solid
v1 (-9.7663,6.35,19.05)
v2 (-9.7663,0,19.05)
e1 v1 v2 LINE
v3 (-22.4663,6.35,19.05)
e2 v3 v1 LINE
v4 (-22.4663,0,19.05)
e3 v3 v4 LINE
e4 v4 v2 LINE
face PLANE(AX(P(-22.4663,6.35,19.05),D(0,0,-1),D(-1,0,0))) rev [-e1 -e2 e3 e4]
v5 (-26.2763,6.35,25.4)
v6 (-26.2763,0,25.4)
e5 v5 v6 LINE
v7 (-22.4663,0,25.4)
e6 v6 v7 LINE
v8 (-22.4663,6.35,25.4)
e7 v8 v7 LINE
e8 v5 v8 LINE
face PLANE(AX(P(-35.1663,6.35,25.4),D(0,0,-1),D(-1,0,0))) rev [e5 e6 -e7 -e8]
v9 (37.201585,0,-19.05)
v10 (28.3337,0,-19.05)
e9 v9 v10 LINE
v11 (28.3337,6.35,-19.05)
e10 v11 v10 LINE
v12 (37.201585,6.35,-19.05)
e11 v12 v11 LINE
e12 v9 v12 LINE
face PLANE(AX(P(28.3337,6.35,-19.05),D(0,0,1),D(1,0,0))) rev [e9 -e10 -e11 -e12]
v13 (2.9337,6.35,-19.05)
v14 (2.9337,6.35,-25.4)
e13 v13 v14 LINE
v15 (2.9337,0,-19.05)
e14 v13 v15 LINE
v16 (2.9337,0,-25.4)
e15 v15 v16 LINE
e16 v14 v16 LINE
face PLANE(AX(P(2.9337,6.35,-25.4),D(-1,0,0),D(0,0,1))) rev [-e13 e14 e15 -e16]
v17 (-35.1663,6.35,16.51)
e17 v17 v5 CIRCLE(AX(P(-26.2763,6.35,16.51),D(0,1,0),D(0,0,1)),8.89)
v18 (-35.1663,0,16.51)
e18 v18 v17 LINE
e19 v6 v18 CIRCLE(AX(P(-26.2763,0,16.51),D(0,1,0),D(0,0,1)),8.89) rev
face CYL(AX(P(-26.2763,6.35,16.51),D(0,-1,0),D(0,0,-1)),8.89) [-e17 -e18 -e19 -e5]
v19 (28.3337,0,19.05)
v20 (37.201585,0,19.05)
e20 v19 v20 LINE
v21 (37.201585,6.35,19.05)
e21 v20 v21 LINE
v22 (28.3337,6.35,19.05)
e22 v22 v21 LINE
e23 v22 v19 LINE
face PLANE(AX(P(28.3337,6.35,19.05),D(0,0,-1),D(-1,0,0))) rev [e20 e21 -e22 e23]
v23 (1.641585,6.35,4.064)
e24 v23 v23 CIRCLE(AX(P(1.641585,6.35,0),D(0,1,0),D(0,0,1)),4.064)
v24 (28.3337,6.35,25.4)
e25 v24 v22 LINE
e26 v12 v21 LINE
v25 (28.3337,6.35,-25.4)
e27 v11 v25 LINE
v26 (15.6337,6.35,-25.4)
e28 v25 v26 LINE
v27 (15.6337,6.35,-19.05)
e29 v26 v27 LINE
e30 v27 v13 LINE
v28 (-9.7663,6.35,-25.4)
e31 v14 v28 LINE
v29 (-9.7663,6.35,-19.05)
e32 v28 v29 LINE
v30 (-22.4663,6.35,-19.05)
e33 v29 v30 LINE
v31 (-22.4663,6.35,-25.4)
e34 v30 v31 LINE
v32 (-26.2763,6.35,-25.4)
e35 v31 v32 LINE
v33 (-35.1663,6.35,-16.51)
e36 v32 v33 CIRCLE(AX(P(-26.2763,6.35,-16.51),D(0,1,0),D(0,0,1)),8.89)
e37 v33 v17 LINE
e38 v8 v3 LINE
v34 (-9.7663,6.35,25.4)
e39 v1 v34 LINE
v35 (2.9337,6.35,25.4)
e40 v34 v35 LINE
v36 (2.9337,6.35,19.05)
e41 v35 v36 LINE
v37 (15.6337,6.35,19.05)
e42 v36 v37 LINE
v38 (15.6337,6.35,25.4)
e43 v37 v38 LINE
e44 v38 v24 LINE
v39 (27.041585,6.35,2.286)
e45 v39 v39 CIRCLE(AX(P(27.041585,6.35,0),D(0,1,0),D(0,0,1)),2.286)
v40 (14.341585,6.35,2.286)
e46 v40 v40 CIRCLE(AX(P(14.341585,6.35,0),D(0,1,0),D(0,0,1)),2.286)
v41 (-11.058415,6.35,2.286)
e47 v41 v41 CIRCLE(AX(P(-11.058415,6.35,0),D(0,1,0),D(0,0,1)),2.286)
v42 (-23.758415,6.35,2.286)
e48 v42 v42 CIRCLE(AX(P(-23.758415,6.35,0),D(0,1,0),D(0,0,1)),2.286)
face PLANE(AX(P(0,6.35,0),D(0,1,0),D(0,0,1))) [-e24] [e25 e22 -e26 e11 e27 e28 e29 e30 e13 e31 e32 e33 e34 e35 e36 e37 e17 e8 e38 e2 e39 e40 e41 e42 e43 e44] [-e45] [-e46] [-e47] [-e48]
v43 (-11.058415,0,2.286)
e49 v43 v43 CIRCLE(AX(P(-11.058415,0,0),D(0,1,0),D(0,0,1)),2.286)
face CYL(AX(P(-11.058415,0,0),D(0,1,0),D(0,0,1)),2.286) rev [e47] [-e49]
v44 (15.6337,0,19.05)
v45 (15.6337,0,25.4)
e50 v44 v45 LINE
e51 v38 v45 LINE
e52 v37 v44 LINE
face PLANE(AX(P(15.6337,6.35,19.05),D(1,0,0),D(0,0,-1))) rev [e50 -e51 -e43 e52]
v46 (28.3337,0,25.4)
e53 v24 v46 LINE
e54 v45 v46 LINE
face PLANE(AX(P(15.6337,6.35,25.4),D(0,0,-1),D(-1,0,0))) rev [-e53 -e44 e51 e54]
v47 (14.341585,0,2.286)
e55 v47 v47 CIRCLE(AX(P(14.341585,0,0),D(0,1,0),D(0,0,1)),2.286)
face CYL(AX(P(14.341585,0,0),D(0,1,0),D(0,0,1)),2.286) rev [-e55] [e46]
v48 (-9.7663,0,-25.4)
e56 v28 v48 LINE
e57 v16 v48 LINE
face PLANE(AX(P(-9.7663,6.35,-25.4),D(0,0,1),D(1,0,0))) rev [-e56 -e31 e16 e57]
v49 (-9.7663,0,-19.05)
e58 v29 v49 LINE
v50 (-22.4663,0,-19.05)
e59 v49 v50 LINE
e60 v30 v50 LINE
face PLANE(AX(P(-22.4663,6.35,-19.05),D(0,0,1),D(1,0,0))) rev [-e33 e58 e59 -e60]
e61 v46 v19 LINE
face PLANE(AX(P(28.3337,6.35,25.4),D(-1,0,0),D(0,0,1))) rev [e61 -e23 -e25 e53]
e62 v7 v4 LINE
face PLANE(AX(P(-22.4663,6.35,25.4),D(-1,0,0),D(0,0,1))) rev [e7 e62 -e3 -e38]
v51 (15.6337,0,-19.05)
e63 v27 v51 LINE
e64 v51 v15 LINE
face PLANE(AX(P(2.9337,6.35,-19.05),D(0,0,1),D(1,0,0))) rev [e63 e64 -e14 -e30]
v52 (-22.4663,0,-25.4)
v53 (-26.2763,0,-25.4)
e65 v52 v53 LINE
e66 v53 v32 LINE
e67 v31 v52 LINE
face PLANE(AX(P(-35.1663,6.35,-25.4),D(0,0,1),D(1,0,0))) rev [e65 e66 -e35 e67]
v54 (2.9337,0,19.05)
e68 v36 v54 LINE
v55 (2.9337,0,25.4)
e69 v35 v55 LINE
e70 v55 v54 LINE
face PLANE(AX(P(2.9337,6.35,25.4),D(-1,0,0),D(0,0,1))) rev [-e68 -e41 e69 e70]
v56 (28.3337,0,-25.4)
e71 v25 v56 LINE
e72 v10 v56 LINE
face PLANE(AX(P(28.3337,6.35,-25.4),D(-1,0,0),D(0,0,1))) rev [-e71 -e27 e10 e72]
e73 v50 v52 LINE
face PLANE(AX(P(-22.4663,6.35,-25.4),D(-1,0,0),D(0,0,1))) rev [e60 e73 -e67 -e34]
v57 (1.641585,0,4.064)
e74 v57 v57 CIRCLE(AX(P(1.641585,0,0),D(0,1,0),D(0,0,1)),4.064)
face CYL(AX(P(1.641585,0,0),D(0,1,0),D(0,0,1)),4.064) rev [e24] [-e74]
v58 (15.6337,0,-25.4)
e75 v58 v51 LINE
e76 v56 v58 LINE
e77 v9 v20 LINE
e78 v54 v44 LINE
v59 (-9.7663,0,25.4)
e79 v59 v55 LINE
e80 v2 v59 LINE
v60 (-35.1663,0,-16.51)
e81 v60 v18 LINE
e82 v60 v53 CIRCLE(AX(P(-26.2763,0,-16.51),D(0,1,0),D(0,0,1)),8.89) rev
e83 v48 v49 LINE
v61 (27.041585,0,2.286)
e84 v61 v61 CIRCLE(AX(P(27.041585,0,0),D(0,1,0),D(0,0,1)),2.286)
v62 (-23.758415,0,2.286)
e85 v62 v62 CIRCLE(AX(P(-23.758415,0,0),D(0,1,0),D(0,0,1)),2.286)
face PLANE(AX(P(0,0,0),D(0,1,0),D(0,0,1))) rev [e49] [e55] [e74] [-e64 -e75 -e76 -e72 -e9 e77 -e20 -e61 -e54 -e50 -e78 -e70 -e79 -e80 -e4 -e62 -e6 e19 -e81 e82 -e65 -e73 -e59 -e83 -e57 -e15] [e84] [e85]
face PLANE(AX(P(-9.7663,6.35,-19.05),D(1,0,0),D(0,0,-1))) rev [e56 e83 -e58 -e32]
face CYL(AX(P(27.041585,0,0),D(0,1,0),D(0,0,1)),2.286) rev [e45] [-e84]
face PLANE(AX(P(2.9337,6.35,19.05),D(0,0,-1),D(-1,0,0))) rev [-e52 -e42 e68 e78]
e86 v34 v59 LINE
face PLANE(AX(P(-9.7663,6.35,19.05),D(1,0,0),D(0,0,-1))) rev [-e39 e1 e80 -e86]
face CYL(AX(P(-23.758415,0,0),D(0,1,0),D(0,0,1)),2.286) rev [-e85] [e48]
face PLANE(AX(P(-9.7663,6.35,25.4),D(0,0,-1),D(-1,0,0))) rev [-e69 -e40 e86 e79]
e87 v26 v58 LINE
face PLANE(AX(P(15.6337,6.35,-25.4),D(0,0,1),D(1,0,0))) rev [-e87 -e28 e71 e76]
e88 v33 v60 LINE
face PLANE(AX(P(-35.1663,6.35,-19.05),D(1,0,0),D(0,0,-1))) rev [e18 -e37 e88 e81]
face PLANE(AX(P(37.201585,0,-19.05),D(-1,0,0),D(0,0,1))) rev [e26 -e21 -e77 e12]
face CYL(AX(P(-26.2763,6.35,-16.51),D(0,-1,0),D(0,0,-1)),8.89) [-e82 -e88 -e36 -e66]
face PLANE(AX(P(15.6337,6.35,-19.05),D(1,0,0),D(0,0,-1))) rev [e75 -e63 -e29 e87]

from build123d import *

# Parameters (mm, degrees)
MAIN_DEPTH             = 6.35
SKETCH3_R              = 4.064
SKETCH3_R_2            = 2.286
GEAR_MOUNT_HOLES_DEPTH = 51.497474194
SKETCH4_W              = 5.978415147
SKETCH4_H              = 38.1
SKETCH4_W_2            = 8.0137
CUT_EXTRUDE2_DEPTH     = 51.497474194
FILLET1_R              = 8.89


with BuildPart() as part:
    # Sketch1 → Main (new body)
    with BuildSketch(Plane(origin=(0, 0, 0), x_dir=(1, 0, 0), z_dir=(0, 1, 0))):
        Polygon((-43.18, 19.05), (-35.1663, 19.05), (-35.1663, 25.4), (-22.4663, 25.4), (-22.4663, 19.05), (-9.7663, 19.05), (-9.7663, 25.4), (2.9337, 25.4), (2.9337, 19.05), (15.6337, 19.05), (15.6337, 25.4), (28.3337, 25.4), (28.3337, 19.05), (43.18, 19.05), (43.18, -19.05), (28.3337, -19.05), (28.3337, -25.4), (15.6337, -25.4), (15.6337, -19.05), (2.9337, -19.05), (2.9337, -25.4), (-9.7663, -25.4), (-9.7663, -19.05), (-22.4663, -19.05), (-22.4663, -25.4), (-35.1663, -25.4), (-35.1663, -19.05), (-43.18, -19.05), align=None)
    extrude(amount=MAIN_DEPTH)

    # Sketch3 → Gear Mount Holes (cut, through all)
    with BuildSketch(Plane(origin=(0, 6.35, 0), x_dir=(1, 0, 0), z_dir=(0, 1, 0))):
        with Locations(Location((1.641584853, 0, 0), (0, 0, 270))):
            Circle(SKETCH3_R)
        with Locations(Location((14.341584853, 0, 0), (0, 0, 270))):
            Circle(SKETCH3_R_2)
        with Locations(Location((27.041584853, 0, 0), (0, 0, 270))):
            Circle(SKETCH3_R_2)
        with Locations(Location((-11.058415147, 0, 0), (0, 0, 270))):
            Circle(SKETCH3_R_2)
        with Locations(Location((-23.758415147, 0, 0), (0, 0, 270))):
            Circle(SKETCH3_R_2)
    extrude(amount=-GEAR_MOUNT_HOLES_DEPTH, mode=Mode.SUBTRACT)

    # Sketch4 → Cut-Extrude2 (cut, through all)
    with BuildSketch(Plane(origin=(0, 6.35, 0), x_dir=(1, 0, 0), z_dir=(0, 1, 0))):
        with Locations((40.190792426, 0)):
            Rectangle(SKETCH4_W, SKETCH4_H)
        with Locations((-39.17315, 0)):
            Rectangle(SKETCH4_W_2, SKETCH4_H)
    extrude(amount=-CUT_EXTRUDE2_DEPTH, mode=Mode.SUBTRACT)

    # Fillet1
    fillet1_edges = [part.edges().sort_by_distance(p)[0] for p in [
        (-35.1663, 3.175, -25.4),
        (-35.1663, 3.175, 25.4),
    ]]
    fillet(fillet1_edges, radius=FILLET1_R)


solid = part.part
